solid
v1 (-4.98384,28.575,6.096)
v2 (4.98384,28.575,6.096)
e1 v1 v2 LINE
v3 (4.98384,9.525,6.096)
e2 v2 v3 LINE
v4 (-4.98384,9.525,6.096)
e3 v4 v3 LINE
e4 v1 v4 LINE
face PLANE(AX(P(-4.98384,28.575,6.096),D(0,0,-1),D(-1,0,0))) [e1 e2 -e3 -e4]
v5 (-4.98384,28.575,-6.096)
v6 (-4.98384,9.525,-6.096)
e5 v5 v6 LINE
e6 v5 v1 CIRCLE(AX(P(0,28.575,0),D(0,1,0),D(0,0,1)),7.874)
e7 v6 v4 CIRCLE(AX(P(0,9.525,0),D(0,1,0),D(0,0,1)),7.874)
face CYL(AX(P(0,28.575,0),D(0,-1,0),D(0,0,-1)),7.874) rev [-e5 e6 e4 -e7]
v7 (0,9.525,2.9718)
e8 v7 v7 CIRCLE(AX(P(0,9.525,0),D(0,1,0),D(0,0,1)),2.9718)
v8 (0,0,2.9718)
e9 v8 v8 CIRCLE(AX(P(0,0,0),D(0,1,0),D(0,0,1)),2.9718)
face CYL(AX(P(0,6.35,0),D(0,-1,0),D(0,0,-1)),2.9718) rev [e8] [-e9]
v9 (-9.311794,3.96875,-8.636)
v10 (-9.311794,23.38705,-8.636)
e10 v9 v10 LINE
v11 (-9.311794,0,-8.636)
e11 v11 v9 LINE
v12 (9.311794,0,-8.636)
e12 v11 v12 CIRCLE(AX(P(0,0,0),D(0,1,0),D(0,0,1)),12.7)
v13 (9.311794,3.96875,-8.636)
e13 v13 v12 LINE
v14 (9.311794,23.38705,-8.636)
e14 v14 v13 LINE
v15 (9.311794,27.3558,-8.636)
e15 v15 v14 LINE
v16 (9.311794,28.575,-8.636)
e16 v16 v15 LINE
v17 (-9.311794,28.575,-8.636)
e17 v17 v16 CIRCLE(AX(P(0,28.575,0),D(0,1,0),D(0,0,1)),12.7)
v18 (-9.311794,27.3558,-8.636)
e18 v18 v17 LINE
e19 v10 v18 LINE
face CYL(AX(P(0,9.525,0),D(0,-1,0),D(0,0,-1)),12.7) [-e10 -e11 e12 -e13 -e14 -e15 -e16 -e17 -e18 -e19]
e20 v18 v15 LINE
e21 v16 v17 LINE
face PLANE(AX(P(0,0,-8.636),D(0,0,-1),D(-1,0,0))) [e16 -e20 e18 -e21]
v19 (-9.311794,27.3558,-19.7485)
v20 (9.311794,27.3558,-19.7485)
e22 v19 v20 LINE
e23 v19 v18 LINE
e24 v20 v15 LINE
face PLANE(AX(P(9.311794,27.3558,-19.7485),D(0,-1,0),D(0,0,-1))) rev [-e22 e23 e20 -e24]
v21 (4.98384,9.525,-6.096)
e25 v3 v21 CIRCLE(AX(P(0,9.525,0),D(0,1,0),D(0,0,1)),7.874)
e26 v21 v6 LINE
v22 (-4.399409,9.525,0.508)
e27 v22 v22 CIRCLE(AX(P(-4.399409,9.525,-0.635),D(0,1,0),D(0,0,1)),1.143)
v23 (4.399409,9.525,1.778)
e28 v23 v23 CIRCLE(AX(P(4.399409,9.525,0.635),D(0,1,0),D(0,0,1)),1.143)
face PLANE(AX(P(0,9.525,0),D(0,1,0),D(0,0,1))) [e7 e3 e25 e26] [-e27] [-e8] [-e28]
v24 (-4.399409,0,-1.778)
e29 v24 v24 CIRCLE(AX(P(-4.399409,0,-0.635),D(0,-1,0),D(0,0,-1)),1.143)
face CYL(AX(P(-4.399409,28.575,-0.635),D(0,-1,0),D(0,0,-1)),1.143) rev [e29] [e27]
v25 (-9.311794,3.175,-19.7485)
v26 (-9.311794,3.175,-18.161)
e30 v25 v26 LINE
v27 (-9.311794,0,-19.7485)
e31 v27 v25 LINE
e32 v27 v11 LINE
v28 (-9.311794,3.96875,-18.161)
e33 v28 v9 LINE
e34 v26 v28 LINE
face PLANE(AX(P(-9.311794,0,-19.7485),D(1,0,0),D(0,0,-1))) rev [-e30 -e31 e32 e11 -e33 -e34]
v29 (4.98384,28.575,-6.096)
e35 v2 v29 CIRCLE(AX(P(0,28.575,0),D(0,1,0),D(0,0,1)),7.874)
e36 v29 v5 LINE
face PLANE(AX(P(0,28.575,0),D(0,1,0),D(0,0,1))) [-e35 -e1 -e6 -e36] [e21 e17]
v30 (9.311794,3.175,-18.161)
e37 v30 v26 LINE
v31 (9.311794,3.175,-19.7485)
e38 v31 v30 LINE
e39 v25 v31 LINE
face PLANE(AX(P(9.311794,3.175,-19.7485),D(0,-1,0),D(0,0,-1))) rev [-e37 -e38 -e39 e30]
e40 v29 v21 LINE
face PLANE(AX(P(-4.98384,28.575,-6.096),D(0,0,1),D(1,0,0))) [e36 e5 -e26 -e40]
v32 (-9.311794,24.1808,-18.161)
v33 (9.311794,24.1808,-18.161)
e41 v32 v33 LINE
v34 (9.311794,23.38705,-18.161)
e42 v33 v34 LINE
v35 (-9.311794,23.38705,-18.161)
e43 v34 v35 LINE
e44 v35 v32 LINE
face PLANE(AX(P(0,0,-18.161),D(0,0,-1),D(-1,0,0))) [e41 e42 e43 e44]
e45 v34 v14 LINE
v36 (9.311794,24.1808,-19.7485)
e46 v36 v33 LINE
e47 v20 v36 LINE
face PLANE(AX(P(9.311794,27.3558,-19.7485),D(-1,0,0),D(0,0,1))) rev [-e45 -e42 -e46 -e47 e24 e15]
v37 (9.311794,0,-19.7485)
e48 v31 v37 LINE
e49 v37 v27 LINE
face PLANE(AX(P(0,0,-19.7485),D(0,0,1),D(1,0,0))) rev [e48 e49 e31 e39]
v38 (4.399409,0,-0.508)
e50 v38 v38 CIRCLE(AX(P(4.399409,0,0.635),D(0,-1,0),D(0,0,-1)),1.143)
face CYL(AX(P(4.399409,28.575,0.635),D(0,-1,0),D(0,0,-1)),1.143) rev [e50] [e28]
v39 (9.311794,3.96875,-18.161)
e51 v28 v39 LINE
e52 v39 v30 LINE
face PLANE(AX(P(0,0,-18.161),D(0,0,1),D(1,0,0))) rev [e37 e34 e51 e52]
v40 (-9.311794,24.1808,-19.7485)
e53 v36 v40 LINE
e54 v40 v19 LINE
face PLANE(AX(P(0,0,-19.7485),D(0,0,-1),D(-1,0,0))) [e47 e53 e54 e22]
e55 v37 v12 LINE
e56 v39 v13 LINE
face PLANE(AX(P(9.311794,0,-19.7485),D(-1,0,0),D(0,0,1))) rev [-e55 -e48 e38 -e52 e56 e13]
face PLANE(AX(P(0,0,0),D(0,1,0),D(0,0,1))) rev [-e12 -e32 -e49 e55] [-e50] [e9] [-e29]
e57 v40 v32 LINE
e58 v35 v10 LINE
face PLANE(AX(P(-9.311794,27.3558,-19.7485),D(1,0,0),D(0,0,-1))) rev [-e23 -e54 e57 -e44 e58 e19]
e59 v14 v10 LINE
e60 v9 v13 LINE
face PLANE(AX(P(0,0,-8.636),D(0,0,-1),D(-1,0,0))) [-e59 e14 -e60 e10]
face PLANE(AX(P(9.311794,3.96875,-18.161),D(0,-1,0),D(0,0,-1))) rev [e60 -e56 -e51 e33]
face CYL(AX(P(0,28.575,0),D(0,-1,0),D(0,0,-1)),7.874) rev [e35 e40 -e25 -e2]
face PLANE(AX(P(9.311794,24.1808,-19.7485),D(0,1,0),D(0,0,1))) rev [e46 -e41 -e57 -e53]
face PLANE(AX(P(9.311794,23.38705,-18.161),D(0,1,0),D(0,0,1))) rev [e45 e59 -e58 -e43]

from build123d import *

# Parameters (mm, degrees)
SKETCH1_R               = 4.7625
SKETCH1_R_2             = 2.9718
BOSS_EXTRUDE1_DEPTH     = 6.35
SKETCH2_R               = 12.7
SKETCH2_R_2             = 2.9718
BOSS_EXTRUDE3_DEPTH     = 3.175
SKETCH3_R               = 12.7
BOSS_EXTRUDE4_DEPTH     = 19.05
CUT_EXTRUDE1_DEPTH      = 29.575
CUT_EXTRUDE1_DEPTH_BACK = 29.575
SKETCH4_R               = 1.143
SKETCH5_W               = 25.4
SKETCH5_H               = 28.575
CUT_EXTRUDE2_DEPTH      = 38.855587712
BOSS_EXTRUDE6_START     = 6.35
BOSS_EXTRUDE6_DEPTH     = 6.35
SKETCH8_W               = 18.623587624
SKETCH8_H               = 3.175
BOSS_EXTRUDE7_DEPTH     = 11.1125
SKETCH9_W               = 18.623587624
SKETCH9_H               = 0.79375
BOSS_EXTRUDE8_DEPTH     = 9.525


with BuildPart() as part:
    # Sketch1 → Boss-Extrude1 (new body)
    with BuildSketch(Plane(origin=(0, 0, 0), x_dir=(1, 0, 0), z_dir=(0, 1, 0))):
        with Locations(Location((0, 0, 0), (0, 0, 270))):
            Circle(SKETCH1_R)
        with Locations(Location((0, 0, 0), (0, 0, 270))):
            Circle(SKETCH1_R_2, mode=Mode.SUBTRACT)
    extrude(amount=BOSS_EXTRUDE1_DEPTH)

    # Sketch2 → Boss-Extrude3 (add)
    with BuildSketch(Plane(origin=(0, 6.35, 0), x_dir=(1, 0, 0), z_dir=(0, 1, 0))):
        with Locations(Location((0, 0, 0), (0, 0, 270))):
            Circle(SKETCH2_R)
        with Locations(Location((0, 0, 0), (0, 0, 270))):
            Circle(SKETCH2_R_2, mode=Mode.SUBTRACT)
    extrude(amount=BOSS_EXTRUDE3_DEPTH)

    # Sketch3 → Boss-Extrude4 (add)
    with BuildSketch(Plane(origin=(0, 9.525, 0), x_dir=(1, 0, 0), z_dir=(0, 1, 0))):
        with Locations(Location((0, 0, 0), (0, 0, 270))):
            Circle(SKETCH3_R)
        with BuildLine():
            Line((-4.983839885, 6.096), (4.983839885, 6.096))
            ThreePointArc((4.983839885, 6.096), (7.874, 0), (4.983839885, -6.096))
            Line((4.983839885, -6.096), (-4.983839885, -6.096))
            ThreePointArc((-4.983839885, -6.096), (-7.874, 0), (-4.983839885, 6.096))
        make_face(mode=Mode.SUBTRACT)
    extrude(amount=BOSS_EXTRUDE4_DEPTH)

    # Sketch4 → Cut-Extrude1 (cut, two sides: drawn at the far end of the back side and taken through both)
    with BuildSketch(Plane.XZ.offset(-6.35).offset(-CUT_EXTRUDE1_DEPTH_BACK)):
        with Locations(Location((-4.399409051, -0.635, 0), (0, 0, 269.056983799))):
            Circle(SKETCH4_R)
        with Locations(Location((4.399409051, 0.635, 0), (0, 0, 287.369437604))):
            Circle(SKETCH4_R)
    extrude(amount=CUT_EXTRUDE1_DEPTH + CUT_EXTRUDE1_DEPTH_BACK, mode=Mode.SUBTRACT)

    # Sketch5 → Cut-Extrude2 (cut, through all)
    with BuildSketch(Plane.XY.offset(-8.636)):
        with Locations((0, 14.2875)):
            Rectangle(SKETCH5_W, SKETCH5_H)
    extrude(amount=-CUT_EXTRUDE2_DEPTH, mode=Mode.SUBTRACT)

    # Sketch7 → Boss-Extrude6 (add)
    with BuildSketch(Plane.XZ.offset(-6.35).offset(BOSS_EXTRUDE6_START)):
        with BuildLine():
            Line((-9.311793812, -8.636), (9.311793812, -8.636))
            ThreePointArc((9.311793812, -8.636), (0, 12.7), (-9.311793812, -8.636))
        make_face()
        with BuildLine():
            ThreePointArc((-4.740630835, 0.455878863), (-5.530685664, -0.798285714), (-4.418220539, -1.77784519))
            ThreePointArc((-4.418220539, -1.77784519), (0.680357143, -4.713652555), (4.740630835, -0.455878863))
            ThreePointArc((4.740630835, -0.455878863), (5.530685664, 0.798285714), (4.418220539, 1.77784519))
            ThreePointArc((4.418220539, 1.77784519), (-0.680357143, 4.713652555), (-4.740630835, 0.455878863))
        make_face(mode=Mode.SUBTRACT)
    extrude(amount=-BOSS_EXTRUDE6_DEPTH)

    # Sketch8 → Boss-Extrude7 (add)
    with BuildSketch(Plane(origin=(0, 0, -8.636), x_dir=(-1, 0, 0), z_dir=(0, 0, -1))):
        with Locations((0, 1.5875)):
            Rectangle(SKETCH8_W, SKETCH8_H)
        with Locations((0, 25.7683)):
            Rectangle(SKETCH8_W, SKETCH8_H)
    extrude(amount=BOSS_EXTRUDE7_DEPTH)

    # Sketch9 → Boss-Extrude8 (add)
    with BuildSketch(Plane(origin=(0, 0, -8.636), x_dir=(-1, 0, 0), z_dir=(0, 0, -1))):
        with Locations((0, 3.571875)):
            Rectangle(SKETCH9_W, SKETCH9_H)
        with Locations((0, 23.783925)):
            Rectangle(SKETCH9_W, SKETCH9_H)
    extrude(amount=BOSS_EXTRUDE8_DEPTH)


solid = part.part
